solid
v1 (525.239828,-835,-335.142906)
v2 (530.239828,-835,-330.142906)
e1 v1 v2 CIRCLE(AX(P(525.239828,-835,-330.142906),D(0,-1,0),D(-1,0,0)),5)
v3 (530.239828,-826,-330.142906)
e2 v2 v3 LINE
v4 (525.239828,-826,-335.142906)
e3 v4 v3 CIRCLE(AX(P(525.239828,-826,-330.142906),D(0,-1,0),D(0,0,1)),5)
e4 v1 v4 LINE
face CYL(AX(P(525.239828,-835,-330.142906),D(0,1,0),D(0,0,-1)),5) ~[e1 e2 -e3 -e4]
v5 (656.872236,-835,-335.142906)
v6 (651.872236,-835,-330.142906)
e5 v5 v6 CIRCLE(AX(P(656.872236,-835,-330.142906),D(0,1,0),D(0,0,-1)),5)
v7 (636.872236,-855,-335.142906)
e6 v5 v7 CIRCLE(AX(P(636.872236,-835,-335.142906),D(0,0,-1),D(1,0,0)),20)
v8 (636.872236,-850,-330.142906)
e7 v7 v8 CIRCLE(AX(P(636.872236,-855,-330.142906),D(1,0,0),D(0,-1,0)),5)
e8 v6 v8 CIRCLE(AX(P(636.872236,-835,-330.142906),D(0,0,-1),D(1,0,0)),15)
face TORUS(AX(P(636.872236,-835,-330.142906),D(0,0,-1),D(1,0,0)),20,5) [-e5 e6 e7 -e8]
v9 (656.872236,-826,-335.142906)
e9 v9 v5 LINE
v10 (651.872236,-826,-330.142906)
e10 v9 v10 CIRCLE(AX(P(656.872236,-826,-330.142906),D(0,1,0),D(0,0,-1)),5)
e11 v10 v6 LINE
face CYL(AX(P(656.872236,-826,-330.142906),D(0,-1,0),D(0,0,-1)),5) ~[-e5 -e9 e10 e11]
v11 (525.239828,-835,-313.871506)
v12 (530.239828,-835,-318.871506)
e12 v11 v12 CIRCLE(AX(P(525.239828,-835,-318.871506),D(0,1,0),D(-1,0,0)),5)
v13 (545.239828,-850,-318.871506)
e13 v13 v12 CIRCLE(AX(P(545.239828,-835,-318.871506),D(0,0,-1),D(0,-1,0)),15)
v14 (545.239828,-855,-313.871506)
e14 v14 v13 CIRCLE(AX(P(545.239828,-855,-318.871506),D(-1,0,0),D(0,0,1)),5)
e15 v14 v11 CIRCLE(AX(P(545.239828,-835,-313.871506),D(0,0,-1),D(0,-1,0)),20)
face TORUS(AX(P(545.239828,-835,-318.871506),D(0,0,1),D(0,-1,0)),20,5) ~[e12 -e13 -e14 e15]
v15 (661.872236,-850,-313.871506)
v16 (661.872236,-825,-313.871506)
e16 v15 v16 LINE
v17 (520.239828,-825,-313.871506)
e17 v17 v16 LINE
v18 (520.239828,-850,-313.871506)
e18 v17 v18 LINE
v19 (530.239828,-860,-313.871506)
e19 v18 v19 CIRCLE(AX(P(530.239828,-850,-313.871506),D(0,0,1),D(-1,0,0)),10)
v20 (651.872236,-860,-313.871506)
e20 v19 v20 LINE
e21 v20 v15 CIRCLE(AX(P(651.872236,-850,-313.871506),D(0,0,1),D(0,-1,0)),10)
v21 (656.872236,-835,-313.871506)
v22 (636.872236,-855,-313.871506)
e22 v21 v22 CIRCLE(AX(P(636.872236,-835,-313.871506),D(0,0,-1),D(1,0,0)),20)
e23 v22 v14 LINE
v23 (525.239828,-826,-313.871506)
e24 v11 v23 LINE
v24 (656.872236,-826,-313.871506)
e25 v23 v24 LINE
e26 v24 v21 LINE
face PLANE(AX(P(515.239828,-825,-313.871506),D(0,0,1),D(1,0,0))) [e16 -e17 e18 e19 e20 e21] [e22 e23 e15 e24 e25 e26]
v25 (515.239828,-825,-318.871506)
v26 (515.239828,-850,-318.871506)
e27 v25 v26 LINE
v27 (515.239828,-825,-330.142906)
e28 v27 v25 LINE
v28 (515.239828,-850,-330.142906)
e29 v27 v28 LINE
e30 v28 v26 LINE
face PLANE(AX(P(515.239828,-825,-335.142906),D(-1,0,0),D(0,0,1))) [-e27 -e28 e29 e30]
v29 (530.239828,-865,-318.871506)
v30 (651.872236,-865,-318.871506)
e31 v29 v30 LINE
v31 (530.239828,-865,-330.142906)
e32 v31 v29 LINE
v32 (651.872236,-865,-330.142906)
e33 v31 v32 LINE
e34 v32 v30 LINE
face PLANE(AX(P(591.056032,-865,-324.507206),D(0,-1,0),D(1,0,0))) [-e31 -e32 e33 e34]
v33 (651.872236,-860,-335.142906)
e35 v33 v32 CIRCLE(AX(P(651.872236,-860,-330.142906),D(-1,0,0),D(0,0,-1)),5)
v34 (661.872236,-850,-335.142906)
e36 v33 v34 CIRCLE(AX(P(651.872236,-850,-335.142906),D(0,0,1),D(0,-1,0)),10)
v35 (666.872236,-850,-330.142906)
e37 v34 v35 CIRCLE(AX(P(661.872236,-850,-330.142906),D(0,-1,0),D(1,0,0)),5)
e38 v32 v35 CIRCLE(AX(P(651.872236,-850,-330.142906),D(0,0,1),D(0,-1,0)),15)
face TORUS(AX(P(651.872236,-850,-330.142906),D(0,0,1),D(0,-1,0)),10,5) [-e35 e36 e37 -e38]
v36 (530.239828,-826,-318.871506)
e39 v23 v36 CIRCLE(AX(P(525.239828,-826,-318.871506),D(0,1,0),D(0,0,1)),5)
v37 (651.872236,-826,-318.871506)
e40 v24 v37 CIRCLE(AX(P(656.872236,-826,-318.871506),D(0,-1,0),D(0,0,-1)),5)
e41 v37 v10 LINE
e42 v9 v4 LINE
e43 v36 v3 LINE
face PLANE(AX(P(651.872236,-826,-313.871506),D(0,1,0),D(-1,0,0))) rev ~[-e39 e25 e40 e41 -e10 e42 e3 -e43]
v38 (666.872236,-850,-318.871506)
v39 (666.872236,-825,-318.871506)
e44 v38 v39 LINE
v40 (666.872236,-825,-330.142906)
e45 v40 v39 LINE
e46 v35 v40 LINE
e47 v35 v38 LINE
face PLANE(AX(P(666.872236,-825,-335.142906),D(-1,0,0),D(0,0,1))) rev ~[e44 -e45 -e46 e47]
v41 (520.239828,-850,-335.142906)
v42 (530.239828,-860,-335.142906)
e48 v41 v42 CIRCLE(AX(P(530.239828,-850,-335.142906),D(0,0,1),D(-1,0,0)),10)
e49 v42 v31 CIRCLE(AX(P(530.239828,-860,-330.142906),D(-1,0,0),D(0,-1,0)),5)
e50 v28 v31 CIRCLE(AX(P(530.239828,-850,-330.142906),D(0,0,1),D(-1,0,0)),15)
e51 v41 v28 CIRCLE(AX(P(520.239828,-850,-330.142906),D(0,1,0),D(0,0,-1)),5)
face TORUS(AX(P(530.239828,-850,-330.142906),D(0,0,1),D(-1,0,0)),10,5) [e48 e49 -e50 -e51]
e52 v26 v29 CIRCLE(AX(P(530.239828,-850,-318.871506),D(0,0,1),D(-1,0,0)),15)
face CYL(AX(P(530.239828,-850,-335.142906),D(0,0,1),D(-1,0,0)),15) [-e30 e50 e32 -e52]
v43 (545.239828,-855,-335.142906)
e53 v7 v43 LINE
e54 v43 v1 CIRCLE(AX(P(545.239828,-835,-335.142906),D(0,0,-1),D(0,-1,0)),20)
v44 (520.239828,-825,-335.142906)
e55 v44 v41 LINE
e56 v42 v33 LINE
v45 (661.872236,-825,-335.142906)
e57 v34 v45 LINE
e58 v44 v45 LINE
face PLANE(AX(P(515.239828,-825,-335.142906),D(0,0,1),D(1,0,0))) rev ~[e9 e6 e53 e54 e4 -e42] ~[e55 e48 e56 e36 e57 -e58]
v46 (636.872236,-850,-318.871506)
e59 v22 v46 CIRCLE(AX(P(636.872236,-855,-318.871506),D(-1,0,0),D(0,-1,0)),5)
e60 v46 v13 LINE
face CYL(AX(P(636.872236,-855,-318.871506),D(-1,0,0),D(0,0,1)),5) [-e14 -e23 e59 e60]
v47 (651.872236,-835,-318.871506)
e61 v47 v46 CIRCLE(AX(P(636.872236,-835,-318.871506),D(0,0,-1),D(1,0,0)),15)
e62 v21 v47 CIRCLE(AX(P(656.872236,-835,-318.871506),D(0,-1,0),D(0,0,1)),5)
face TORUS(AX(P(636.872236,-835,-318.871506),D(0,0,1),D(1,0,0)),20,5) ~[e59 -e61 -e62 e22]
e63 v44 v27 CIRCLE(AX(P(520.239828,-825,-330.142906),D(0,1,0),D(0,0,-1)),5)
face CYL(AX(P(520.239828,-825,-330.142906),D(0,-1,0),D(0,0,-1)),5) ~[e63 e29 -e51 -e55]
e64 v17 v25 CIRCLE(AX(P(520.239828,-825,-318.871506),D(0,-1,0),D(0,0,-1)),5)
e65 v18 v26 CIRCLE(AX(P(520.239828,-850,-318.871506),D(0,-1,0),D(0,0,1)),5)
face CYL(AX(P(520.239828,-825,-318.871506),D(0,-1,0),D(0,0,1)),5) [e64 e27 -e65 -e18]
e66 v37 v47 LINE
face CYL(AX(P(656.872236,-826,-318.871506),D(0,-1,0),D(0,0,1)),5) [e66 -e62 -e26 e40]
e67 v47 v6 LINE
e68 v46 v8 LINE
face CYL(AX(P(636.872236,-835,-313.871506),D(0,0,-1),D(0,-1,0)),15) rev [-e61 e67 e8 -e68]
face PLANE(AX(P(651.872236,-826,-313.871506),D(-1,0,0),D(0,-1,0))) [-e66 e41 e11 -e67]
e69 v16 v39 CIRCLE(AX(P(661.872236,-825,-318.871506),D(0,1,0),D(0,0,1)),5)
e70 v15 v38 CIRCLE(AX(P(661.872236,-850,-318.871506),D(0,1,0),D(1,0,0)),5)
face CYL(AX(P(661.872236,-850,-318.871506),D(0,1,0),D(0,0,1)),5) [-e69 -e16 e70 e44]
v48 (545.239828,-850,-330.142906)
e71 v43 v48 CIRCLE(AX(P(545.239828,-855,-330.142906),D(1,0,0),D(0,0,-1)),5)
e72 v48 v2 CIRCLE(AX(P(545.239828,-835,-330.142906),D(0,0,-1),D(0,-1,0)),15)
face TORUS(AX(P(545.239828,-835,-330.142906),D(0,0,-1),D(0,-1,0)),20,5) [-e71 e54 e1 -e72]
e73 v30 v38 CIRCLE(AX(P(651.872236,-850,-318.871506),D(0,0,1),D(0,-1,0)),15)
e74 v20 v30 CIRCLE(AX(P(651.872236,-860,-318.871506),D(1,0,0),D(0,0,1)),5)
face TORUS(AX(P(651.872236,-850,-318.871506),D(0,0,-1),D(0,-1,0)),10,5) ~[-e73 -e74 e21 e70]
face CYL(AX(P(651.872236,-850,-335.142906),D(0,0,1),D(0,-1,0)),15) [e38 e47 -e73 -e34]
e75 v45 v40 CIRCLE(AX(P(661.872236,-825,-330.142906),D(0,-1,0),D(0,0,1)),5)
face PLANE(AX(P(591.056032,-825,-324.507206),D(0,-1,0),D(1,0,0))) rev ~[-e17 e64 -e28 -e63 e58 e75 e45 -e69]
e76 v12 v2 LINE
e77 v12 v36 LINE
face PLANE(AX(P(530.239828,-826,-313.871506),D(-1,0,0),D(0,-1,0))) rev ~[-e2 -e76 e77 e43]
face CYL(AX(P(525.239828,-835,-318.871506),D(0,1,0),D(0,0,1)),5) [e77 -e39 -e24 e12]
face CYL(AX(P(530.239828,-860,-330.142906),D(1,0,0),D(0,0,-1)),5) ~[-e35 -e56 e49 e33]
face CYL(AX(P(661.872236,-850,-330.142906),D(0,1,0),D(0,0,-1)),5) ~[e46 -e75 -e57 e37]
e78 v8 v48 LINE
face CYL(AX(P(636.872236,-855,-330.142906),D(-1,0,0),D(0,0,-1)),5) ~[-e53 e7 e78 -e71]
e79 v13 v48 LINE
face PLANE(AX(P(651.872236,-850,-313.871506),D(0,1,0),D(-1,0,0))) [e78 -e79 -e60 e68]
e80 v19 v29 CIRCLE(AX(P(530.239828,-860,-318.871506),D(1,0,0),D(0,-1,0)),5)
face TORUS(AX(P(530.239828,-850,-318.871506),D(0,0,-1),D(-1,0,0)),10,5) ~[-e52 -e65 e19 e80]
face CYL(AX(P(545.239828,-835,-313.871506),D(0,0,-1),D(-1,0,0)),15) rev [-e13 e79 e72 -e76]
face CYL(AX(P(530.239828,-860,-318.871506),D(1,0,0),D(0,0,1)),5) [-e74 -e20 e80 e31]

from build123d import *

# Parameters (mm, degrees)
SKETCH022_W     = 151.632409
SKETCH022_H     = 21.2714
PAD013_DEPTH    = 40
SKETCH023_W     = 121.632409
SKETCH023_H     = 24
POCKET009_DEPTH = 21.2724
FILLET014_R     = 15
FILLET015_R     = 5


with BuildPart() as part:
    # Sketch022 (on Face1 of CopyPocket008) → Pad013 (new body)
    with BuildSketch(Plane.XZ.offset(825)):
        with Locations((591.056032, -324.507206)):
            Rectangle(SKETCH022_W, SKETCH022_H)
    extrude(amount=PAD013_DEPTH)

    # Sketch023 (on Face4 of Pad013) → Pocket009 (cut, through all)
    with BuildSketch(Plane(origin=(0, 0, -313.871506), x_dir=(-1, 0, 0), z_dir=(0, 0, 1))):
        with Locations((-591.056032, 838)):
            Rectangle(SKETCH023_W, SKETCH023_H)
    extrude(amount=-POCKET009_DEPTH, mode=Mode.SUBTRACT)

    # Fillet014
    fillet014_edges = [part.edges().sort_by_distance(p)[0] for p in [
        (515.239828, -865, -324.507206),
        (666.872237, -865, -324.507206),
        (651.872237, -850, -324.507206),
        (530.239828, -850, -324.507206),
    ]]
    fillet(fillet014_edges, radius=FILLET014_R)

    # Fillet015
    fillet015_edges = [part.edges().sort_by_distance(p)[0] for p in [
        (591.056032, -850, -313.871506),
        (591.056032, -850, -335.142906),
        (591.056032, -865, -313.871506),
        (591.056032, -865, -335.142906),
    ]]
    fillet(fillet015_edges, radius=FILLET015_R)


solid = part.part
